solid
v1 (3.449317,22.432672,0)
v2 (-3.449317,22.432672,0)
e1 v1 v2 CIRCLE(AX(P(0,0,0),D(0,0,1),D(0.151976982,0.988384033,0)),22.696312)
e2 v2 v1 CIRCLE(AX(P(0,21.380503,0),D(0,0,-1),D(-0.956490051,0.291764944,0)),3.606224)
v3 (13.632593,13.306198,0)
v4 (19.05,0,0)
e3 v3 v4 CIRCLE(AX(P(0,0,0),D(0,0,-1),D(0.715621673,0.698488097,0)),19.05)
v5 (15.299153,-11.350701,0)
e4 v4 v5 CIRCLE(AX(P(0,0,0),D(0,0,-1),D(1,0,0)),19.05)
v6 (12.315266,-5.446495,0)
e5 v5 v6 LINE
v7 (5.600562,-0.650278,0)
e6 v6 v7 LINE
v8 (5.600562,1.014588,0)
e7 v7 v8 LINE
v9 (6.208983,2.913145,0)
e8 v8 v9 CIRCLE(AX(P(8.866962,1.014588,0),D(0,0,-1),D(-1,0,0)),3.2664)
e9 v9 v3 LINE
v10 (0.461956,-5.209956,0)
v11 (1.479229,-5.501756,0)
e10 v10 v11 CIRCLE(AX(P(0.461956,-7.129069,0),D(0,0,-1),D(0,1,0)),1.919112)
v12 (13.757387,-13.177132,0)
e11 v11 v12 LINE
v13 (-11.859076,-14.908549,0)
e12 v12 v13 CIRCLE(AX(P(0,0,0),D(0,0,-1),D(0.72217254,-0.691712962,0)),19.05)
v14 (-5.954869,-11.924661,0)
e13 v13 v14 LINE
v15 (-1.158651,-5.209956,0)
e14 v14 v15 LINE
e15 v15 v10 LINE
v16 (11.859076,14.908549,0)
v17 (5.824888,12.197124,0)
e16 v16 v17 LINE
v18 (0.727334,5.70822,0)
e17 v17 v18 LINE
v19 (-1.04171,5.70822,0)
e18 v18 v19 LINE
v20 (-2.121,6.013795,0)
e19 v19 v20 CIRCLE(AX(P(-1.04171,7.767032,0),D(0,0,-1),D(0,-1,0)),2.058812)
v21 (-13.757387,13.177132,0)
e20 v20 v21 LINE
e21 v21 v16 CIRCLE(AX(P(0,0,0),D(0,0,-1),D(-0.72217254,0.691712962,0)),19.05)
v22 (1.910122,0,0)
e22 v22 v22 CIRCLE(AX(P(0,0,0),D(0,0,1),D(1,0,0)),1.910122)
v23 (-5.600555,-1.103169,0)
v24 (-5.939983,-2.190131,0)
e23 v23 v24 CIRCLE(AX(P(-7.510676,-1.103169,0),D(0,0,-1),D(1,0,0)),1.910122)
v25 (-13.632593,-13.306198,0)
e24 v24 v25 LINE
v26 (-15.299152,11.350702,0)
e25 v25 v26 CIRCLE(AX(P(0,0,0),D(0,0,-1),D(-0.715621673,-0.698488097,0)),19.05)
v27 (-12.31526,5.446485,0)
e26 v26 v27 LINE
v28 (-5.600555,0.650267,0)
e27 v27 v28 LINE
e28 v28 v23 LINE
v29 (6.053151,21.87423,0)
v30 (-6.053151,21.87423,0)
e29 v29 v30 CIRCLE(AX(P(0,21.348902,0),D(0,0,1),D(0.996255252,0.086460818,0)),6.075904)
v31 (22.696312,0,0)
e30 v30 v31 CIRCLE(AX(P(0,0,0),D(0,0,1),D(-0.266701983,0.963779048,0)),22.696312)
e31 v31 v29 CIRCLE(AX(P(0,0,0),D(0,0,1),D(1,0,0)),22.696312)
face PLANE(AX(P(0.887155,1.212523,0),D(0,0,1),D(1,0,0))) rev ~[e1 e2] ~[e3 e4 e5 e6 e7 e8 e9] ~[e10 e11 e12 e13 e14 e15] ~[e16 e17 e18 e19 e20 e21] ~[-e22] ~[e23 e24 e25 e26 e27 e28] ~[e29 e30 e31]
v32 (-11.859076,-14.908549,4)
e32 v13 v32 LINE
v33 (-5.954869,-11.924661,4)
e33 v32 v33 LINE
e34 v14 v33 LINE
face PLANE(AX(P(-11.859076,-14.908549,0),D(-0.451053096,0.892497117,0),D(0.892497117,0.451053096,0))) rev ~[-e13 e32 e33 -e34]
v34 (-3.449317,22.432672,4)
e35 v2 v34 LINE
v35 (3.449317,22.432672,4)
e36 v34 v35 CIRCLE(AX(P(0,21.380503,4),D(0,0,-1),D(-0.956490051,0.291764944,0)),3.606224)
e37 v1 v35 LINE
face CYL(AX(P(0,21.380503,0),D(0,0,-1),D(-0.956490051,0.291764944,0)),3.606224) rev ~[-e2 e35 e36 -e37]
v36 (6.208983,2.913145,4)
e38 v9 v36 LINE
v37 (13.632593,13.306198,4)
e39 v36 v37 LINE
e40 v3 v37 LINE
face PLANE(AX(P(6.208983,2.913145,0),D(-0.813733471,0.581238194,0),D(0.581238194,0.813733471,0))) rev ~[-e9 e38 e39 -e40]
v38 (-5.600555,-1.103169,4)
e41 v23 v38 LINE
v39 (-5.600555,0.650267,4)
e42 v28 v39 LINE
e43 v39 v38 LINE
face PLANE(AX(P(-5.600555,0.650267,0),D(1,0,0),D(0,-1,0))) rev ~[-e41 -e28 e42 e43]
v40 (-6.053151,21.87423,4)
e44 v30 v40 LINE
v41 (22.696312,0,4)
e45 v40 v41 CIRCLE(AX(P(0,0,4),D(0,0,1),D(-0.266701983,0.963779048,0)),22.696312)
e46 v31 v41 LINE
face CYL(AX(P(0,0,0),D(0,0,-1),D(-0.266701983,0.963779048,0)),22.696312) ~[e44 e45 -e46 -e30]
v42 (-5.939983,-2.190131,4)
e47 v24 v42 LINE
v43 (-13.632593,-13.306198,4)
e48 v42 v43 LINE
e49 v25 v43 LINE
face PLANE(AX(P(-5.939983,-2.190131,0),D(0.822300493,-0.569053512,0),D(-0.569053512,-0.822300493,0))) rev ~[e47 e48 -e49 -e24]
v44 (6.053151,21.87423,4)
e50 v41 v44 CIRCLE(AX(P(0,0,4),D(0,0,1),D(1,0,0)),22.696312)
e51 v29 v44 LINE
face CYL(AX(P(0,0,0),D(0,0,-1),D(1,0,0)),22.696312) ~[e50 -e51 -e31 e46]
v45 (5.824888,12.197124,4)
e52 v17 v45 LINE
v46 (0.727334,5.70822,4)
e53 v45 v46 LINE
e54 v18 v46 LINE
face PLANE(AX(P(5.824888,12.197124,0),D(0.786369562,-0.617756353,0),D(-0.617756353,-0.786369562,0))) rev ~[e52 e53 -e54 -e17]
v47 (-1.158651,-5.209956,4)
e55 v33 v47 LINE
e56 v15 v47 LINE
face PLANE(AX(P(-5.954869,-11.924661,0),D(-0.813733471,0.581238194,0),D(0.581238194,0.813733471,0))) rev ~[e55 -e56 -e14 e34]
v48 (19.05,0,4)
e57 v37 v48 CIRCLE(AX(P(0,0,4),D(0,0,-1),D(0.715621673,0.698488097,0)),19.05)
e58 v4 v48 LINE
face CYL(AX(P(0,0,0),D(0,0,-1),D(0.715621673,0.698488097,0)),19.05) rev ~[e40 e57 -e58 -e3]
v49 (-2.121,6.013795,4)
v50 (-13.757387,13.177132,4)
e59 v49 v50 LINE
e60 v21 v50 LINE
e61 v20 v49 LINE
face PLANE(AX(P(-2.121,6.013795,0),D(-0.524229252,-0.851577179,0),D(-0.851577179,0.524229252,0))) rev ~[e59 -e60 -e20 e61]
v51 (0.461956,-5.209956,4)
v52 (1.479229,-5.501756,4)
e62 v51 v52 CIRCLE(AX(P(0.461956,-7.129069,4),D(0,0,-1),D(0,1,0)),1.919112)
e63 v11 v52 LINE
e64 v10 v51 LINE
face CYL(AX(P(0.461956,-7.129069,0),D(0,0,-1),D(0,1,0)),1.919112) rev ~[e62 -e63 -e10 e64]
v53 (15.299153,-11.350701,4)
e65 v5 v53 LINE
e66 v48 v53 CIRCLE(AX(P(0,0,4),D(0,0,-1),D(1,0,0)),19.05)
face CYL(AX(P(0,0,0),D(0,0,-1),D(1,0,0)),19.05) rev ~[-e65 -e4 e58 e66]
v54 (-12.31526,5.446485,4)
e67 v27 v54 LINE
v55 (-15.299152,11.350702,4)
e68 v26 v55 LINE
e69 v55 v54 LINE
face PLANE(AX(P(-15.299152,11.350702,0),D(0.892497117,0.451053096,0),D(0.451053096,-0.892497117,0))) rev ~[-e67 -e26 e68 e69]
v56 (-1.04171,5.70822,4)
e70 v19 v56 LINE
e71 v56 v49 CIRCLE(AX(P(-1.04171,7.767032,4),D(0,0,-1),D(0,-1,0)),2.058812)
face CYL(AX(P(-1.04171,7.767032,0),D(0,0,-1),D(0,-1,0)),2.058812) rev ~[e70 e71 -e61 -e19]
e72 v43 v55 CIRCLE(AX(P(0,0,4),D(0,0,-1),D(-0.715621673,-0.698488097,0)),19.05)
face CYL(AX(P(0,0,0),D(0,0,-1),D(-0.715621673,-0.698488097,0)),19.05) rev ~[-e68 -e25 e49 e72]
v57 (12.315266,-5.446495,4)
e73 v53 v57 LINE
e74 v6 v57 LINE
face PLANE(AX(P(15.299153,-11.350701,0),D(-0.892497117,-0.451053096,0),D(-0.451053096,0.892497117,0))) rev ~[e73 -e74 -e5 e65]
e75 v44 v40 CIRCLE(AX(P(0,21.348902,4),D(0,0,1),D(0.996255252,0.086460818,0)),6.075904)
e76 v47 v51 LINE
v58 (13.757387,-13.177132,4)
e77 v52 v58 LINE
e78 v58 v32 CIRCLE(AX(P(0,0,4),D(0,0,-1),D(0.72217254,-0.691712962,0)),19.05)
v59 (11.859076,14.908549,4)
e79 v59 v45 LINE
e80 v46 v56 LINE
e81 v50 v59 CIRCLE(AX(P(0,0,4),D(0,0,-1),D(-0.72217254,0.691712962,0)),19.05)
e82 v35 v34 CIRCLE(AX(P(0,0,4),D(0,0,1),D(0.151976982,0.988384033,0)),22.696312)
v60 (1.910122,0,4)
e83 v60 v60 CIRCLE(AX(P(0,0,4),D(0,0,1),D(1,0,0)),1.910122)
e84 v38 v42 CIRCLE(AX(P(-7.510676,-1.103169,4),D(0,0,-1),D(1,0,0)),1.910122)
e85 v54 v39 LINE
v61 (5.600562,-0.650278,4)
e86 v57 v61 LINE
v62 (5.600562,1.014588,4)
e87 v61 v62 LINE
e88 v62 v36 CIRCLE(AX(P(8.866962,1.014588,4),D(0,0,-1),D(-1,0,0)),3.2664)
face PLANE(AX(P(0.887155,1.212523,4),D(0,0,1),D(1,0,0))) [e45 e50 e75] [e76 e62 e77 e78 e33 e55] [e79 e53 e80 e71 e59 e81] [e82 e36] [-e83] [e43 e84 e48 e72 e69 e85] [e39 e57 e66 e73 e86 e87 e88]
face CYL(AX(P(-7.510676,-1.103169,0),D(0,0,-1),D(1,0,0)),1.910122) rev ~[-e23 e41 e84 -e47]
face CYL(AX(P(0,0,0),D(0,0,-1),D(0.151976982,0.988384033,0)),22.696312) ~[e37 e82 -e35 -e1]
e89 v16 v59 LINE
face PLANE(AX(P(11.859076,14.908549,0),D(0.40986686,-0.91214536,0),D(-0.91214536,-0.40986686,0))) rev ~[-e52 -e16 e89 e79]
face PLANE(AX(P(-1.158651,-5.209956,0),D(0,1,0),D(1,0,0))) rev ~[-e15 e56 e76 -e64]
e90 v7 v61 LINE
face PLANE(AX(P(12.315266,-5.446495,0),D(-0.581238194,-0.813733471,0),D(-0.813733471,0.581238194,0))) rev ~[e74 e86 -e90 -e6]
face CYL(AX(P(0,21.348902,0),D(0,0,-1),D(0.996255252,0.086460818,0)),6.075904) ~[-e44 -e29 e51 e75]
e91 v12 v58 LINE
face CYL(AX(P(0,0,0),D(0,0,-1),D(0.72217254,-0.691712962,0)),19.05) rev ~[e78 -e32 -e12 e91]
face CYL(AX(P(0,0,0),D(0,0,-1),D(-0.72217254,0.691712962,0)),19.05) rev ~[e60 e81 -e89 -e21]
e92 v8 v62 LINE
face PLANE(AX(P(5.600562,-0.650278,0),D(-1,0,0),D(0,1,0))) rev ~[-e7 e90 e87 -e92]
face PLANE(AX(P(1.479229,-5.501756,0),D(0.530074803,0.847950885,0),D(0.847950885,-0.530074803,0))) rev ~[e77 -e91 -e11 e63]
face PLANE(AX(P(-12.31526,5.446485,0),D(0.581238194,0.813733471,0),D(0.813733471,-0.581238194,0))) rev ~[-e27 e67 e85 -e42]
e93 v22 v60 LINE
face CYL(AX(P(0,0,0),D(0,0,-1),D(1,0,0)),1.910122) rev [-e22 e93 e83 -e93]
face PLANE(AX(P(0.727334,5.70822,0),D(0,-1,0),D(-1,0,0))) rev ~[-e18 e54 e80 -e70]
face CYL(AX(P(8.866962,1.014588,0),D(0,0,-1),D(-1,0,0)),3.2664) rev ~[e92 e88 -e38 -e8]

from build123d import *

# Parameters (mm, degrees)
F0_R     = 1.9101215723
F1_DEPTH = 4


with BuildPart() as f1:
    # F0 (on Top) → F1 (new body)
    with BuildSketch(Plane.XY):
        with BuildLine():
            ThreePointArc((-6.0531513917, 21.8742298989), (-13.7429684433, -18.0624858147), (22.6963119348, 0))
            ThreePointArc((22.6963119348, 0), (18.0624858147, 13.7429684433), (6.0531513917, 21.8742298989))
            ThreePointArc((6.0531513917, 21.8742298989), (4.7594317726, 22.1916737684), (3.4493169846, 22.4326723281))
            ThreePointArc((3.4493169846, 22.4326723281), (0, 22.6963119348), (-3.4493169846, 22.4326723281))
            ThreePointArc((-3.4493169846, 22.4326723281), (-4.7594317726, 22.1916737684), (-6.0531513917, 21.8742298989))
        make_face()
        with BuildLine():
            ThreePointArc((-13.7573868891, 13.1771319331), (-1.2846585107, 19.0066344341), (11.8590755996, 14.9085487531))
            ThreePointArc((11.8590755996, 14.9085487531), (12.770989471, 14.1352158785), (13.6325928654, 13.3061982462))
            ThreePointArc((13.6325928654, 13.3061982462), (17.64374385, 7.1833698886), (19.05, 0))
            ThreePointArc((19.05, 0), (18.0879982503, -5.9771915895), (15.2991528296, -11.3507014187))
            ThreePointArc((15.2991528296, -11.3507014187), (14.5569429212, -12.2881207997), (13.7573868891, -13.1771319331))
            ThreePointArc((13.7573868891, -13.1771319331), (1.2846585107, -19.0066344341), (-11.8590755996, -14.9085487531))
            ThreePointArc((-11.8590755996, -14.9085487531), (-12.770989471, -14.1352158785), (-13.6325928654, -13.3061982462))
            ThreePointArc((-13.6325928654, -13.3061982462), (-19.0066344597, -1.2846581323), (-15.2991523776, 11.3507020279))
            ThreePointArc((-15.2991523776, 11.3507020279), (-14.5569426766, 12.2881210895), (-13.7573868891, 13.1771319331))
        make_face(mode=Mode.SUBTRACT)
        with BuildLine():
            Line((5.8248881589, 12.1971240556), (0.7273336016, 5.7082199411))
            Line((0.7273336016, 5.7082199411), (-1.0417101139, 5.7082199411))
            ThreePointArc((-1.0417101139, 5.7082199411), (-1.6025670366, 5.7860861062), (-2.120999714, 6.0137946621))
            Line((-2.120999714, 6.0137946621), (-13.7573868891, 13.1771319331))
            ThreePointArc((-13.7573868891, 13.1771319331), (-14.5569426766, 12.2881210895), (-15.2991523776, 11.3507020279))
            Line((-15.2991523776, 11.3507020279), (-12.3152599012, 5.4464848658))
            Line((-12.3152599012, 5.4464848658), (-5.600554917, 0.65026702))
            Line((-5.600554917, 0.65026702), (-5.600554917, -1.1031694006))
            ThreePointArc((-5.600554917, -1.1031694006), (-5.687385407, -1.6725322463), (-5.9399825794, -2.1901307901))
            Line((-5.9399825794, -2.1901307901), (-13.6325928654, -13.3061982462))
            ThreePointArc((-13.6325928654, -13.3061982462), (-12.770989471, -14.1352158785), (-11.8590755996, -14.9085487531))
            Line((-11.8590755996, -14.9085487531), (-5.9548687338, -11.9246614821))
            Line((-5.9548687338, -11.9246614821), (-1.1586508879, -5.2099564978))
            Line((-1.1586508879, -5.2099564978), (0.4619562582, -5.2099564978))
            ThreePointArc((0.4619562582, -5.2099564978), (0.9911044483, -5.2843481694), (1.479229275, -5.5017558082))
            Line((1.479229275, -5.5017558082), (13.7573868891, -13.1771319331))
            ThreePointArc((13.7573868891, -13.1771319331), (14.5569429212, -12.2881207997), (15.2991528296, -11.3507014187))
            Line((15.2991528296, -11.3507014187), (12.3152655586, -5.4464945529))
            Line((12.3152655586, -5.4464945529), (5.6005620329, -0.6502777489))
            Line((5.6005620329, -0.6502777489), (5.6005620329, 1.0145878935))
            ThreePointArc((5.6005620329, 1.0145878935), (5.7563840041, 2.0114195843), (6.2089831019, 2.9131445773))
            Line((6.2089831019, 2.9131445773), (13.6325928654, 13.3061982462))
            ThreePointArc((13.6325928654, 13.3061982462), (12.770989471, 14.1352158785), (11.8590755996, 14.9085487531))
            Line((11.8590755996, 14.9085487531), (5.8248881589, 12.1971240556))
        make_face()
        Circle(F0_R, mode=Mode.SUBTRACT)
        with BuildLine():
            ThreePointArc((3.4493169846, 22.4326723281), (4.7594317726, 22.1916737684), (6.0531513917, 21.8742298989))
            ThreePointArc((6.0531513917, 21.8742298989), (0, 27.4248063795), (-6.0531513917, 21.8742298989))
            ThreePointArc((-6.0531513917, 21.8742298989), (-4.7594317726, 22.1916737684), (-3.4493169846, 22.4326723281))
            ThreePointArc((-3.4493169846, 22.4326723281), (0, 24.9867262937), (3.4493169846, 22.4326723281))
        make_face()
    extrude(amount=F1_DEPTH)


solid = f1.part
